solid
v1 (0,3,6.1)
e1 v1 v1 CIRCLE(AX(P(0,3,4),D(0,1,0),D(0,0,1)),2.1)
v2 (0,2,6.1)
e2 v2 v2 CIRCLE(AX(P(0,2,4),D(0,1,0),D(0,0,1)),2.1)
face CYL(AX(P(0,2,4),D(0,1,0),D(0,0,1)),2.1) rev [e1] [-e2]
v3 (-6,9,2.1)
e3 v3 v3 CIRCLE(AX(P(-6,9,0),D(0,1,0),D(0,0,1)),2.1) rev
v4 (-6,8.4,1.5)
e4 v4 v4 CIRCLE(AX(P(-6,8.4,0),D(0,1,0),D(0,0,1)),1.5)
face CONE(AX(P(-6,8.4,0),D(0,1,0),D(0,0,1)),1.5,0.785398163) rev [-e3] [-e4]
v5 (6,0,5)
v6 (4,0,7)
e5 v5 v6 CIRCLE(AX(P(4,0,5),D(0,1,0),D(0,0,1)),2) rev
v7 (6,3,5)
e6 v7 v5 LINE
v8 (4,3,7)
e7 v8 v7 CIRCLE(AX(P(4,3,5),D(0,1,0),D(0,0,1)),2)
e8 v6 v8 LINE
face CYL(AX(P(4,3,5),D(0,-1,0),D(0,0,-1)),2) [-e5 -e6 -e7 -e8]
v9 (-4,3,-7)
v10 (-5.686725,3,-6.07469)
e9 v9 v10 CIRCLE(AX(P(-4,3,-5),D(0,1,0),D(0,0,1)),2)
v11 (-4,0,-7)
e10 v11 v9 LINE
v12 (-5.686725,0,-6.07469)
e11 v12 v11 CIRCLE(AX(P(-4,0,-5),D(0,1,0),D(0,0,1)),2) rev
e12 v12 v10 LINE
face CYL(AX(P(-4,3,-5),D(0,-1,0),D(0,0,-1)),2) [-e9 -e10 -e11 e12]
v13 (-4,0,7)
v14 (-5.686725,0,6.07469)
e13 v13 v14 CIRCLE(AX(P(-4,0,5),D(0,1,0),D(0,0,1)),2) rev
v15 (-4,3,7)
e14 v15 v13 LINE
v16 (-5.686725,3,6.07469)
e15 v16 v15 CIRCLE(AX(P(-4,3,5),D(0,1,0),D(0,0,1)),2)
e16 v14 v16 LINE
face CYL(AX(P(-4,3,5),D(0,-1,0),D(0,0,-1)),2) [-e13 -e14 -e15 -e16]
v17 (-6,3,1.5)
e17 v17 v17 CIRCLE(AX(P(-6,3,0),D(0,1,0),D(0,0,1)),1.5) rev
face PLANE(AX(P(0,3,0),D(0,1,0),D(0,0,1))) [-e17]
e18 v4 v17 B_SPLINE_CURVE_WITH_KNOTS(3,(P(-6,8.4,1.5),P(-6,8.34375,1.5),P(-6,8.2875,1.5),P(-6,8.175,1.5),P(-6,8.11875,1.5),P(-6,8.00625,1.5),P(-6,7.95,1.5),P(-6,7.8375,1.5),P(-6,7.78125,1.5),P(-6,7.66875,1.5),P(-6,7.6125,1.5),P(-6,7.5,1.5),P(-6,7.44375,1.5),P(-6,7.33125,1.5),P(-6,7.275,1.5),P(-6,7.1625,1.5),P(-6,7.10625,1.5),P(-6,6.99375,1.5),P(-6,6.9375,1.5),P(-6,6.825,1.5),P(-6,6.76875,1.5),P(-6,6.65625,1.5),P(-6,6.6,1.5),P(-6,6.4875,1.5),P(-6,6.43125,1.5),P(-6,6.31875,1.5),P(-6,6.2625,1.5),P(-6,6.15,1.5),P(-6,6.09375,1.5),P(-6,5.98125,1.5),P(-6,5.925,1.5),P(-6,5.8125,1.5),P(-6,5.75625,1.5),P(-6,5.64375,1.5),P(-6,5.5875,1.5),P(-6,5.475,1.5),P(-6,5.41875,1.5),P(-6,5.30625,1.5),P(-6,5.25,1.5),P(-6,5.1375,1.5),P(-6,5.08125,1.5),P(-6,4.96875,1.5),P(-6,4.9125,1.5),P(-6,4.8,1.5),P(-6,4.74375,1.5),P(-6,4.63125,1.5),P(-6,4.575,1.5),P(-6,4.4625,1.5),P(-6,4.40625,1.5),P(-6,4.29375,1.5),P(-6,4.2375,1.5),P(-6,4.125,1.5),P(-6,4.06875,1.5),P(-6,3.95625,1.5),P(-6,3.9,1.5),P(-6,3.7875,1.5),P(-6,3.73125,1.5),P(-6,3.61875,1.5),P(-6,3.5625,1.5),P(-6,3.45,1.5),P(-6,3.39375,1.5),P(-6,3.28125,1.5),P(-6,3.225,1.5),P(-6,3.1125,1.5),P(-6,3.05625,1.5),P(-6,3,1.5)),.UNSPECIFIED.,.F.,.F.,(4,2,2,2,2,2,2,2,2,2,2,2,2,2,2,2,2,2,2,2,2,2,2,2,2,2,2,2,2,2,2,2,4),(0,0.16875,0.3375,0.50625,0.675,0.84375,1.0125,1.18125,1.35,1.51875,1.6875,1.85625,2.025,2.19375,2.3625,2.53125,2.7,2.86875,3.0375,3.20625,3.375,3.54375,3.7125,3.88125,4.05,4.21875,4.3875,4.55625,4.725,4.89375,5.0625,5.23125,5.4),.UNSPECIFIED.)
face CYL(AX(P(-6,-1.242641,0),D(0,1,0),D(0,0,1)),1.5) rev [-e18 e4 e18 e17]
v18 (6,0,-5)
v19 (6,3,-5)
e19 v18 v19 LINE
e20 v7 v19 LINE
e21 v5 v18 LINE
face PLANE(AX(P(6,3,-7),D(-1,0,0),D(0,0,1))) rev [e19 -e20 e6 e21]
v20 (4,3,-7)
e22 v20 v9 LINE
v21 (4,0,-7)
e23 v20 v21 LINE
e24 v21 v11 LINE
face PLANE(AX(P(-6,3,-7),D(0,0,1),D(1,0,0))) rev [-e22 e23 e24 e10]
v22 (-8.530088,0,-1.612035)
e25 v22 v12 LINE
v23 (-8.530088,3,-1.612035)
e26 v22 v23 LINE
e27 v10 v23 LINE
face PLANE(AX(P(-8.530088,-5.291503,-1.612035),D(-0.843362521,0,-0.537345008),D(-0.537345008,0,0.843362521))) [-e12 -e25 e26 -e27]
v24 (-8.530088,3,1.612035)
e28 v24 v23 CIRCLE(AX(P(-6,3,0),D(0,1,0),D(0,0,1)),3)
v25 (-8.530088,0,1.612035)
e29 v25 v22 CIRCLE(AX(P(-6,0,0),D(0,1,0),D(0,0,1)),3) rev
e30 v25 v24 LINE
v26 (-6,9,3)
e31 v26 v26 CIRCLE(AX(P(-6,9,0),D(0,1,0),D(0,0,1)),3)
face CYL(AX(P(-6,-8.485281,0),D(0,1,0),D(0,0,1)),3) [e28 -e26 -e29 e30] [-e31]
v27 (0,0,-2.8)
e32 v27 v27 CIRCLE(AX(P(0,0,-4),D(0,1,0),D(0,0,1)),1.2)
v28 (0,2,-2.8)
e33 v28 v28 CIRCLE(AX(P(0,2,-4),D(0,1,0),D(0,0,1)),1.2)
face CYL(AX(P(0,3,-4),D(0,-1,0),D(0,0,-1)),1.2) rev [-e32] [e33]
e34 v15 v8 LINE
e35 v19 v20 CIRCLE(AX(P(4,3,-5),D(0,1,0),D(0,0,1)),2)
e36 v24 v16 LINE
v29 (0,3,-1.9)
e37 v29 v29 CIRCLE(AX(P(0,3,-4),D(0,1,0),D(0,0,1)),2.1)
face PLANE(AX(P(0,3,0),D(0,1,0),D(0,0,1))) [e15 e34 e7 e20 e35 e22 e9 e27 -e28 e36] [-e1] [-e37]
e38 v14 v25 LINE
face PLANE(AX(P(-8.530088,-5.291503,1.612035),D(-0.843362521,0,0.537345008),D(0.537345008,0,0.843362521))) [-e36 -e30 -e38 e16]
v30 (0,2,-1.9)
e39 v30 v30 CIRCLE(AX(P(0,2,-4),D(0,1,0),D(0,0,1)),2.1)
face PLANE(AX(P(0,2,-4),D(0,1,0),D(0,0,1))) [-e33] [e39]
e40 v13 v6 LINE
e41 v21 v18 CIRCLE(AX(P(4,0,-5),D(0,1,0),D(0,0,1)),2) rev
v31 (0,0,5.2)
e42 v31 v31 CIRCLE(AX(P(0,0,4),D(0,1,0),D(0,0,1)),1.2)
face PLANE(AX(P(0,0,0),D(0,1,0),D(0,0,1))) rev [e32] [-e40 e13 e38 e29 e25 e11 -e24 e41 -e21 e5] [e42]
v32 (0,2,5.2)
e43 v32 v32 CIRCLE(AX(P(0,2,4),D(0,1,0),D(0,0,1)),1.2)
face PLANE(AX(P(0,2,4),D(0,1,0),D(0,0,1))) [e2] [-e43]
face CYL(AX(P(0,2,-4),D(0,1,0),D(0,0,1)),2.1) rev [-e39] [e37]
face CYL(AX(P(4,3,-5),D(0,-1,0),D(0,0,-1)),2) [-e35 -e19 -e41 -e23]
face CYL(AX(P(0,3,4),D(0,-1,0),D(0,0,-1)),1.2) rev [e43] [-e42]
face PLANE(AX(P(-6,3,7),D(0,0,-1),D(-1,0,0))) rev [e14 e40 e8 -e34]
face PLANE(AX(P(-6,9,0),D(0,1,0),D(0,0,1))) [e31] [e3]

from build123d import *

# Parameters (mm, degrees)
SKETCH1_W                       = 12
SKETCH1_H                       = 14
SKETCH1_R                       = 1.2
BOSS_EXTRUDE1_DEPTH             = 3
SKETCH3_R                       = 3
BOSS_EXTRUDE2_DEPTH             = 6
BOSS_EXTRUDE2_DIRECTION_2_REACH = 11.695
FILLET1_R                       = 2
BOSS_EXTRUDE3_DEPTH             = 3
SKETCH6_R                       = 2.1
CUT_EXTRUDE2_DEPTH              = 1
SKETCH10_R                      = 1.5
CUT_EXTRUDE3_DEPTH              = 6
CHAMFER1_SIZE                   = 0.6


with BuildPart() as part:
    # Sketch1 → Boss-Extrude1 (new body)
    with BuildSketch(Plane(origin=(0, 0, 0), x_dir=(1, 0, 0), z_dir=(0, 1, 0))):
        Rectangle(SKETCH1_W, SKETCH1_H)
        with Locations(Location((0, 4, 0), (0, 0, 270))):
            Circle(SKETCH1_R, mode=Mode.SUBTRACT)
        with Locations(Location((0, -4, 0), (0, 0, 270))):
            Circle(SKETCH1_R, mode=Mode.SUBTRACT)
    extrude(amount=BOSS_EXTRUDE1_DEPTH)

    # Sketch3 → Boss-Extrude2 (add)
    with BuildSketch(Plane(origin=(0, 3, 0), x_dir=(1, 0, 0), z_dir=(0, 1, 0))):
        with Locations(Location((-6, 0, 0), (0, 0, 270))):
            Circle(SKETCH3_R)
    extrude(amount=BOSS_EXTRUDE2_DEPTH)

    # Boss-Extrude2 direction 2: up to this face of the body (flat: up to its plane)
    boss_extrude2_direction_2_end = Plane(part.part.faces().sort_by_distance((0, 0, 0))[0])
    # Sketch3 → Boss-Extrude2 direction 2 (add, up to the picked face)
    with BuildSketch(Plane(origin=(0, 3, 0), x_dir=(1, 0, 0), z_dir=(0, 1, 0)), mode=Mode.PRIVATE) as boss_extrude2_direction_2_sk1:
        with Locations(Location((-6, 0, 0), (0, 0, 270))):
            Circle(SKETCH3_R)
    boss_extrude2_direction_2_tool1 = split(extrude(boss_extrude2_direction_2_sk1.sketch, amount=-BOSS_EXTRUDE2_DIRECTION_2_REACH, mode=Mode.PRIVATE), bisect_by=boss_extrude2_direction_2_end, keep=Keep.BOTH, mode=Mode.PRIVATE)
    add(boss_extrude2_direction_2_tool1.solids().sort_by(Axis((-6, 3, 0), (0, -1, 0)))[0])

    # Fillet1
    fillet1_edges = [part.edges().sort_by_distance(p)[0] for p in [
        (6, 1.5, 7),
        (-6, 1.5, 7),
        (-6, 1.5, -7),
        (6, 1.5, -7),
    ]]
    fillet(fillet1_edges, radius=FILLET1_R)

    # Sketch5 → Boss-Extrude3 (add)
    with BuildSketch(Plane(origin=(0, 3, 0), x_dir=(1, 0, 0), z_dir=(0, 1, 0))):
        with BuildLine():
            Line((-8.530087563, 1.612035025), (-5.686725042, 6.074690017))
            ThreePointArc((-5.686725042, 6.074690017), (-5.920084645, 5.559709709), (-6, 5))
            Line((-6, 5), (-6, 3))
            ThreePointArc((-6, 3), (-7.442895513, 2.630219105), (-8.530087563, 1.612035025))
        make_face()
        with BuildLine():
            Line((-8.530087563, -1.612035025), (-5.686725042, -6.074690017))
            ThreePointArc((-5.686725042, -6.074690017), (-5.920084645, -5.559709709), (-6, -5))
            Line((-6, -5), (-6, -3))
            ThreePointArc((-6, -3), (-7.442895513, -2.630219105), (-8.530087563, -1.612035025))
        make_face()
    extrude(amount=-BOSS_EXTRUDE3_DEPTH)

    # Sketch6 → Cut-Extrude2 (cut)
    with BuildSketch(Plane(origin=(0, 3, 0), x_dir=(1, 0, 0), z_dir=(0, 1, 0))):
        with Locations(Location((0, 4, 0), (0, 0, 270))):
            Circle(SKETCH6_R)
        with Locations(Location((0, -4, 0), (0, 0, 270))):
            Circle(SKETCH6_R)
    extrude(amount=-CUT_EXTRUDE2_DEPTH, mode=Mode.SUBTRACT)

    # Sketch10 → Cut-Extrude3 (cut)
    with BuildSketch(Plane(origin=(0, 9, 0), x_dir=(1, 0, 0), z_dir=(0, 1, 0))):
        with Locations(Location((-6, 0, 0), (0, 0, 270))):
            Circle(SKETCH10_R)
    extrude(amount=-CUT_EXTRUDE3_DEPTH, mode=Mode.SUBTRACT)

    # Chamfer1
    chamfer1_edges = [part.edges().sort_by_distance(p)[0] for p in [
        (-6, 9, -1.5),
    ]]
    chamfer(chamfer1_edges, length=CHAMFER1_SIZE)


solid = part.part
